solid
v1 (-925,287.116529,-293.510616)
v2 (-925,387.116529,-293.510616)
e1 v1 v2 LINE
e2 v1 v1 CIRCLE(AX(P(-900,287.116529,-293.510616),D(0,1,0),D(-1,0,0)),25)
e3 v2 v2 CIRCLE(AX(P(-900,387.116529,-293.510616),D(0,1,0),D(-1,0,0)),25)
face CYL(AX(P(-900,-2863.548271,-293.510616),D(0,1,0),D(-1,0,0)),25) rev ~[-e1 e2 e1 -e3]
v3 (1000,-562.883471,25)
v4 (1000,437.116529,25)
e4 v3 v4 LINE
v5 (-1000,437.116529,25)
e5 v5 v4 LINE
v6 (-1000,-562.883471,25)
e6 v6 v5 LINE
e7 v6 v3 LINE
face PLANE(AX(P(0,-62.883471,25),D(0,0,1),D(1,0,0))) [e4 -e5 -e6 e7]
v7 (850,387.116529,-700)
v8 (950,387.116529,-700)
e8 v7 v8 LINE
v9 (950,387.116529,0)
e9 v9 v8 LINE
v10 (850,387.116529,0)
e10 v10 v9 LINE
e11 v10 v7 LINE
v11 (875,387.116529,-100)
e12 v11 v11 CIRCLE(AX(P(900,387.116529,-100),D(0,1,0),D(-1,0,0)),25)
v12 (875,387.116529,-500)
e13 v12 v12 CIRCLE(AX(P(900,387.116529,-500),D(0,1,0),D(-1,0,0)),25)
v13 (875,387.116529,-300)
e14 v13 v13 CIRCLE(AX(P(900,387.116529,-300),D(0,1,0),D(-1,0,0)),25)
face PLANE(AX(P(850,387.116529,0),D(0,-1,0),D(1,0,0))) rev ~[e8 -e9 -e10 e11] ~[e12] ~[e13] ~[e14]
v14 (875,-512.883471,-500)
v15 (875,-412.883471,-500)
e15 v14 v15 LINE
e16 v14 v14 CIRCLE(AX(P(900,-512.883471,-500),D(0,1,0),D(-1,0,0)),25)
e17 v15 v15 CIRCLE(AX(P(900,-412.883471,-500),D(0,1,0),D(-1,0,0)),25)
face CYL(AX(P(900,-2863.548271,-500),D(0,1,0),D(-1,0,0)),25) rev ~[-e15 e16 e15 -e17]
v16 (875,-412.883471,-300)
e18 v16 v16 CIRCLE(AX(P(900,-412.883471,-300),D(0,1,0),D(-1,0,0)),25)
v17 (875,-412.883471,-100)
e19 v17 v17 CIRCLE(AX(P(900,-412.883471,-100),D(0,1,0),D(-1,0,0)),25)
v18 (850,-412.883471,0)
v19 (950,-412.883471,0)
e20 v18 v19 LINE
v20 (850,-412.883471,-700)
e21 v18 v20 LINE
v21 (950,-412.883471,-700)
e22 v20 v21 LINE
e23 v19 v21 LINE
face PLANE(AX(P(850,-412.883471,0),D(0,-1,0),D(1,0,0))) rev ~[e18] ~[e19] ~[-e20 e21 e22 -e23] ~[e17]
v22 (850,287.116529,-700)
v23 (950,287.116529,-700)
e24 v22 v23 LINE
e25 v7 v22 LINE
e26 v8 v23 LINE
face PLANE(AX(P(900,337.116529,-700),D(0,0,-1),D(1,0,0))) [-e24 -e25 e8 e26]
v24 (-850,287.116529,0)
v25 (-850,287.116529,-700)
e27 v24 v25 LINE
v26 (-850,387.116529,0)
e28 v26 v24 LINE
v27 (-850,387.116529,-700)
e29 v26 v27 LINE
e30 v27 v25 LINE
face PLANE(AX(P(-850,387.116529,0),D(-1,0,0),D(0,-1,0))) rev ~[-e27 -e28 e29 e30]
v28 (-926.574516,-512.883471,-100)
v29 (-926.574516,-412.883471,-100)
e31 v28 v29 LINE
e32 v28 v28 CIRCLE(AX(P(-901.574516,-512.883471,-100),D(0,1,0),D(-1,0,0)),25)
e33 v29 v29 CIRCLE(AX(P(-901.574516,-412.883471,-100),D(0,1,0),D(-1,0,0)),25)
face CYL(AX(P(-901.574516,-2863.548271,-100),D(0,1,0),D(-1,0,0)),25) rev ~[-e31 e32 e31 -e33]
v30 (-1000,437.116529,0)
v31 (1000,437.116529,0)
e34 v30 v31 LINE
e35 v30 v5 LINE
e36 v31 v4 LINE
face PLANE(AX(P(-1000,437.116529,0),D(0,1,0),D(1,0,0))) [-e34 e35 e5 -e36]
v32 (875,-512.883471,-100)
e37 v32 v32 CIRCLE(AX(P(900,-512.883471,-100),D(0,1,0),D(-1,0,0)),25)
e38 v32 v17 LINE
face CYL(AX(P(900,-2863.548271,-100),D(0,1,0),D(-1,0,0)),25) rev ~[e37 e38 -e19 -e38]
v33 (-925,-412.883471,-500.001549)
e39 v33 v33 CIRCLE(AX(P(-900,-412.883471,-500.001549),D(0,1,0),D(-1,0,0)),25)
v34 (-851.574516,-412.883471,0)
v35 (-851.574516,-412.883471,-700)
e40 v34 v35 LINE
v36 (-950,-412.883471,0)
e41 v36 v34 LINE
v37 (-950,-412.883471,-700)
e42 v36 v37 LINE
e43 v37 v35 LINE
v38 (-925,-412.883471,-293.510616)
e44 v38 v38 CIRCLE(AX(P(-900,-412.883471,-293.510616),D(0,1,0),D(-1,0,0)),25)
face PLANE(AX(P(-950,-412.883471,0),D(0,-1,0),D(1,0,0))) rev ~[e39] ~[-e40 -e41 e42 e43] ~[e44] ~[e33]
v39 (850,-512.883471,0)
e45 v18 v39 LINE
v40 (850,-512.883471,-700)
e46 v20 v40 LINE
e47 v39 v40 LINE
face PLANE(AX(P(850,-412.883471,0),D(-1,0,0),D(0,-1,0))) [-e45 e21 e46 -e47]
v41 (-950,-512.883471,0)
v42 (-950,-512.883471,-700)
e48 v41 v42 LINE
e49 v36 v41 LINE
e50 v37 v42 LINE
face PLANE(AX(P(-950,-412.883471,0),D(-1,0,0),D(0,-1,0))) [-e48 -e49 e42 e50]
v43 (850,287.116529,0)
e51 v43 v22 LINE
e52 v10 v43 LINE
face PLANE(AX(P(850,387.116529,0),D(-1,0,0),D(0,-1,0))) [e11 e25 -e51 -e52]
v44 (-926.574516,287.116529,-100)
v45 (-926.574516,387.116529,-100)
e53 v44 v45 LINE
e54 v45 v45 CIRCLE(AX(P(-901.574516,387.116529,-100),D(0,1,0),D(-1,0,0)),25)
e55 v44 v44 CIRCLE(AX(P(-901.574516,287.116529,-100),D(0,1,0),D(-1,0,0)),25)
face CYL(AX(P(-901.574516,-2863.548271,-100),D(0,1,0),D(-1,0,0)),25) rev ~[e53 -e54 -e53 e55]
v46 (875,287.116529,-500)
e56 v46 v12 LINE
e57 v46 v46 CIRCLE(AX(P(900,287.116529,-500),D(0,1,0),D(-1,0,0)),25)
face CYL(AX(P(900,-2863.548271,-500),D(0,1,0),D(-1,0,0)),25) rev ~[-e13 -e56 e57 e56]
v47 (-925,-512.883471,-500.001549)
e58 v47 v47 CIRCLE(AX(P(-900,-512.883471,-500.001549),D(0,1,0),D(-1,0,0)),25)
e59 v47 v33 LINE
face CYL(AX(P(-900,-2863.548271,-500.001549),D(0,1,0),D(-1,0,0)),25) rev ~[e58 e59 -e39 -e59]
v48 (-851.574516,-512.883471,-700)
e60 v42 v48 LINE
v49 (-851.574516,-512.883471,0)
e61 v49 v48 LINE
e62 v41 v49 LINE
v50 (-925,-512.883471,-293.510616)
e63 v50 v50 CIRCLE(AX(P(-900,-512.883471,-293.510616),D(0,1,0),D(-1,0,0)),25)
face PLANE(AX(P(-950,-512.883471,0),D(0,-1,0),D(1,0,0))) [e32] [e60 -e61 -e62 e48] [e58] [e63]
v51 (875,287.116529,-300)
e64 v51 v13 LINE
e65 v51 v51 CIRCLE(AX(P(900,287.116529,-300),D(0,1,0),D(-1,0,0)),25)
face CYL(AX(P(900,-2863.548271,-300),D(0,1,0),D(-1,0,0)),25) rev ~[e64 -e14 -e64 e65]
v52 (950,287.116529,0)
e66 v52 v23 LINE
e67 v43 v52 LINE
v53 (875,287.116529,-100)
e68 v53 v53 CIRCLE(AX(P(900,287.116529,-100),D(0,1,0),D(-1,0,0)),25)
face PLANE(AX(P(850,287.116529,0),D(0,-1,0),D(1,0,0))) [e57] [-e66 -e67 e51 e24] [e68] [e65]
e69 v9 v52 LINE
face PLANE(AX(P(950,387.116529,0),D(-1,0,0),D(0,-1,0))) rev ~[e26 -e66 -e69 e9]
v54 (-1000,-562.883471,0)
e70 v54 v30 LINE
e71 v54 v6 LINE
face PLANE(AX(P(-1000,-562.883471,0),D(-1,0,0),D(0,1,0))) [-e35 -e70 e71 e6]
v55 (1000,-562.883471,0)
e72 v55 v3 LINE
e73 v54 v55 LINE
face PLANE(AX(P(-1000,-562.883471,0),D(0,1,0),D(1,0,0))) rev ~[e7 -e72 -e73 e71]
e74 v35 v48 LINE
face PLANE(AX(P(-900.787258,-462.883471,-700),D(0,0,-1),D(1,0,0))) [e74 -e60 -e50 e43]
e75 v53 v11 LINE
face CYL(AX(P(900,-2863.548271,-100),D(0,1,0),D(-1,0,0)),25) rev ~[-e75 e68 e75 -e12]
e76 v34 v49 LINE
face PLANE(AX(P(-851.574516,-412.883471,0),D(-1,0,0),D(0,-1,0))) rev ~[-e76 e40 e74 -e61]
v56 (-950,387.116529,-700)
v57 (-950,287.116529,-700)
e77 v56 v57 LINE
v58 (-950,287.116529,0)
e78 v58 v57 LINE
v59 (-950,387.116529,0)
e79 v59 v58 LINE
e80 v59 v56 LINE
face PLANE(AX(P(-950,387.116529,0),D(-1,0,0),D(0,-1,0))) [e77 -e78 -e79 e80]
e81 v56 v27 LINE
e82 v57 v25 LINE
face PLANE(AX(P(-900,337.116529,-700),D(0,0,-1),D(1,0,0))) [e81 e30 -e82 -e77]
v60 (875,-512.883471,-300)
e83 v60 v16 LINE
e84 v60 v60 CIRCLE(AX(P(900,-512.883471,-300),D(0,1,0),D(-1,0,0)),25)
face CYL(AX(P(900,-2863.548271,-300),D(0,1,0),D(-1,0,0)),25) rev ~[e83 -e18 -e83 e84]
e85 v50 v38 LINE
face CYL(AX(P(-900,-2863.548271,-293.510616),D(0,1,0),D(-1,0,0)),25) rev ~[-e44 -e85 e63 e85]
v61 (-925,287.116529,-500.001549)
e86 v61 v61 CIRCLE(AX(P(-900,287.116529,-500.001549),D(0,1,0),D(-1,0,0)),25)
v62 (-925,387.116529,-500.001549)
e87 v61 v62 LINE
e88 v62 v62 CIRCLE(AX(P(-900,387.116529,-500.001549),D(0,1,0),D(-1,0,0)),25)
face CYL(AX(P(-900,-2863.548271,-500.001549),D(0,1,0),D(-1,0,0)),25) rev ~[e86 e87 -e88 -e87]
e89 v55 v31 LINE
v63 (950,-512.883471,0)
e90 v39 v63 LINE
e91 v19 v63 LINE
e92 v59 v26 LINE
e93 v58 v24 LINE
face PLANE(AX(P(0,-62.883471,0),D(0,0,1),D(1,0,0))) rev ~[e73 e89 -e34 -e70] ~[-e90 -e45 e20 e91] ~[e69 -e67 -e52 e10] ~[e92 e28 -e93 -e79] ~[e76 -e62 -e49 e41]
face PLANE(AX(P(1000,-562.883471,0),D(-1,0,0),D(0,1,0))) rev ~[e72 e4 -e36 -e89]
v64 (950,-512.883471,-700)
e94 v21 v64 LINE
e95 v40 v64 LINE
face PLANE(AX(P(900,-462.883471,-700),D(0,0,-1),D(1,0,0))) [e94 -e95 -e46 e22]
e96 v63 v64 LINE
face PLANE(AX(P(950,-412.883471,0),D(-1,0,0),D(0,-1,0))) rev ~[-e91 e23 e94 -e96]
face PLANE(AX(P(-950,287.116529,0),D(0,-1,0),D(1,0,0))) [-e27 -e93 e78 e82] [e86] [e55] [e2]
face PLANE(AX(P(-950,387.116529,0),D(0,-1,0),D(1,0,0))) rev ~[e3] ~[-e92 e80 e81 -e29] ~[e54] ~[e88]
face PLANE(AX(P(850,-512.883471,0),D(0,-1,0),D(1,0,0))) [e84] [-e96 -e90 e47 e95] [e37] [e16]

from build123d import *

# Parameters (mm, degrees)
F0_W     = 2000
F0_H     = 1000
F1_DEPTH = 25
F2_W     = 98.425484
F2_H     = 100
F3_DEPTH = 700
F4_W     = 100
F4_H     = 100
F5_DEPTH = 700
F6_W     = 100
F6_H     = 100
F7_DEPTH = 700
F8_W     = 100
F8_H     = 100
F9_DEPTH = 700
F11_D    = 50
F13_D    = 50
F15_D    = 50
F17_D    = 50
F19_D    = 50
F21_D    = 50


with BuildPart() as f1:
    # F0 (on Top) → F1 (new body)
    with BuildSketch(Plane.XY):
        with Locations((0, -62.883471)):
            Rectangle(F0_W, F0_H)
    extrude(amount=F1_DEPTH)

    # F2 (on face) → F3 (join)
    with BuildSketch(Plane(origin=(0, 0, 0), x_dir=(1, 0, 0), z_dir=(0, 0, -1))):
        with Locations((-900.787258, 462.883471)):
            Rectangle(F2_W, F2_H)
    extrude(amount=F3_DEPTH)

    # F4 (on face) → F5 (join)
    with BuildSketch(Plane(origin=(0, 0, 0), x_dir=(1, 0, 0), z_dir=(0, 0, -1))):
        with Locations((-900, -337.116529)):
            Rectangle(F4_W, F4_H)
    extrude(amount=F5_DEPTH)

    # F6 (on face) → F7 (join)
    with BuildSketch(Plane(origin=(0, 0, 0), x_dir=(1, 0, 0), z_dir=(0, 0, -1))):
        with Locations((900, -337.116529)):
            Rectangle(F6_W, F6_H)
    extrude(amount=F7_DEPTH)

    # F8 (on face) → F9 (join)
    with BuildSketch(Plane(origin=(0, 0, 0), x_dir=(1, 0, 0), z_dir=(0, 0, -1))):
        with Locations((900, 462.883471)):
            Rectangle(F8_W, F8_H)
    extrude(amount=F9_DEPTH)

    # F11 (through all)
    with Locations(Plane.XZ.offset(512.883471)):
        with Locations((-900, -500.001549)):
            Hole(F11_D / 2)

    # F13 (through all)
    with Locations(Plane.XZ.offset(512.883471)):
        with Locations((-900, -293.510616)):
            Hole(F13_D / 2)

    # F15 (through all)
    with Locations(Plane.XZ.offset(512.883471)):
        with Locations((-901.574516, -100)):
            Hole(F15_D / 2)

    # F17 (through all)
    with Locations(Plane.XZ.offset(512.883471)):
        with Locations((900, -500)):
            Hole(F17_D / 2)

    # F19 (through all)
    with Locations(Plane.XZ.offset(512.883471)):
        with Locations((900, -300)):
            Hole(F19_D / 2)

    # F21 (through all)
    with Locations(Plane.XZ.offset(512.883471)):
        with Locations((900, -100)):
            Hole(F21_D / 2)


solid = f1.part
